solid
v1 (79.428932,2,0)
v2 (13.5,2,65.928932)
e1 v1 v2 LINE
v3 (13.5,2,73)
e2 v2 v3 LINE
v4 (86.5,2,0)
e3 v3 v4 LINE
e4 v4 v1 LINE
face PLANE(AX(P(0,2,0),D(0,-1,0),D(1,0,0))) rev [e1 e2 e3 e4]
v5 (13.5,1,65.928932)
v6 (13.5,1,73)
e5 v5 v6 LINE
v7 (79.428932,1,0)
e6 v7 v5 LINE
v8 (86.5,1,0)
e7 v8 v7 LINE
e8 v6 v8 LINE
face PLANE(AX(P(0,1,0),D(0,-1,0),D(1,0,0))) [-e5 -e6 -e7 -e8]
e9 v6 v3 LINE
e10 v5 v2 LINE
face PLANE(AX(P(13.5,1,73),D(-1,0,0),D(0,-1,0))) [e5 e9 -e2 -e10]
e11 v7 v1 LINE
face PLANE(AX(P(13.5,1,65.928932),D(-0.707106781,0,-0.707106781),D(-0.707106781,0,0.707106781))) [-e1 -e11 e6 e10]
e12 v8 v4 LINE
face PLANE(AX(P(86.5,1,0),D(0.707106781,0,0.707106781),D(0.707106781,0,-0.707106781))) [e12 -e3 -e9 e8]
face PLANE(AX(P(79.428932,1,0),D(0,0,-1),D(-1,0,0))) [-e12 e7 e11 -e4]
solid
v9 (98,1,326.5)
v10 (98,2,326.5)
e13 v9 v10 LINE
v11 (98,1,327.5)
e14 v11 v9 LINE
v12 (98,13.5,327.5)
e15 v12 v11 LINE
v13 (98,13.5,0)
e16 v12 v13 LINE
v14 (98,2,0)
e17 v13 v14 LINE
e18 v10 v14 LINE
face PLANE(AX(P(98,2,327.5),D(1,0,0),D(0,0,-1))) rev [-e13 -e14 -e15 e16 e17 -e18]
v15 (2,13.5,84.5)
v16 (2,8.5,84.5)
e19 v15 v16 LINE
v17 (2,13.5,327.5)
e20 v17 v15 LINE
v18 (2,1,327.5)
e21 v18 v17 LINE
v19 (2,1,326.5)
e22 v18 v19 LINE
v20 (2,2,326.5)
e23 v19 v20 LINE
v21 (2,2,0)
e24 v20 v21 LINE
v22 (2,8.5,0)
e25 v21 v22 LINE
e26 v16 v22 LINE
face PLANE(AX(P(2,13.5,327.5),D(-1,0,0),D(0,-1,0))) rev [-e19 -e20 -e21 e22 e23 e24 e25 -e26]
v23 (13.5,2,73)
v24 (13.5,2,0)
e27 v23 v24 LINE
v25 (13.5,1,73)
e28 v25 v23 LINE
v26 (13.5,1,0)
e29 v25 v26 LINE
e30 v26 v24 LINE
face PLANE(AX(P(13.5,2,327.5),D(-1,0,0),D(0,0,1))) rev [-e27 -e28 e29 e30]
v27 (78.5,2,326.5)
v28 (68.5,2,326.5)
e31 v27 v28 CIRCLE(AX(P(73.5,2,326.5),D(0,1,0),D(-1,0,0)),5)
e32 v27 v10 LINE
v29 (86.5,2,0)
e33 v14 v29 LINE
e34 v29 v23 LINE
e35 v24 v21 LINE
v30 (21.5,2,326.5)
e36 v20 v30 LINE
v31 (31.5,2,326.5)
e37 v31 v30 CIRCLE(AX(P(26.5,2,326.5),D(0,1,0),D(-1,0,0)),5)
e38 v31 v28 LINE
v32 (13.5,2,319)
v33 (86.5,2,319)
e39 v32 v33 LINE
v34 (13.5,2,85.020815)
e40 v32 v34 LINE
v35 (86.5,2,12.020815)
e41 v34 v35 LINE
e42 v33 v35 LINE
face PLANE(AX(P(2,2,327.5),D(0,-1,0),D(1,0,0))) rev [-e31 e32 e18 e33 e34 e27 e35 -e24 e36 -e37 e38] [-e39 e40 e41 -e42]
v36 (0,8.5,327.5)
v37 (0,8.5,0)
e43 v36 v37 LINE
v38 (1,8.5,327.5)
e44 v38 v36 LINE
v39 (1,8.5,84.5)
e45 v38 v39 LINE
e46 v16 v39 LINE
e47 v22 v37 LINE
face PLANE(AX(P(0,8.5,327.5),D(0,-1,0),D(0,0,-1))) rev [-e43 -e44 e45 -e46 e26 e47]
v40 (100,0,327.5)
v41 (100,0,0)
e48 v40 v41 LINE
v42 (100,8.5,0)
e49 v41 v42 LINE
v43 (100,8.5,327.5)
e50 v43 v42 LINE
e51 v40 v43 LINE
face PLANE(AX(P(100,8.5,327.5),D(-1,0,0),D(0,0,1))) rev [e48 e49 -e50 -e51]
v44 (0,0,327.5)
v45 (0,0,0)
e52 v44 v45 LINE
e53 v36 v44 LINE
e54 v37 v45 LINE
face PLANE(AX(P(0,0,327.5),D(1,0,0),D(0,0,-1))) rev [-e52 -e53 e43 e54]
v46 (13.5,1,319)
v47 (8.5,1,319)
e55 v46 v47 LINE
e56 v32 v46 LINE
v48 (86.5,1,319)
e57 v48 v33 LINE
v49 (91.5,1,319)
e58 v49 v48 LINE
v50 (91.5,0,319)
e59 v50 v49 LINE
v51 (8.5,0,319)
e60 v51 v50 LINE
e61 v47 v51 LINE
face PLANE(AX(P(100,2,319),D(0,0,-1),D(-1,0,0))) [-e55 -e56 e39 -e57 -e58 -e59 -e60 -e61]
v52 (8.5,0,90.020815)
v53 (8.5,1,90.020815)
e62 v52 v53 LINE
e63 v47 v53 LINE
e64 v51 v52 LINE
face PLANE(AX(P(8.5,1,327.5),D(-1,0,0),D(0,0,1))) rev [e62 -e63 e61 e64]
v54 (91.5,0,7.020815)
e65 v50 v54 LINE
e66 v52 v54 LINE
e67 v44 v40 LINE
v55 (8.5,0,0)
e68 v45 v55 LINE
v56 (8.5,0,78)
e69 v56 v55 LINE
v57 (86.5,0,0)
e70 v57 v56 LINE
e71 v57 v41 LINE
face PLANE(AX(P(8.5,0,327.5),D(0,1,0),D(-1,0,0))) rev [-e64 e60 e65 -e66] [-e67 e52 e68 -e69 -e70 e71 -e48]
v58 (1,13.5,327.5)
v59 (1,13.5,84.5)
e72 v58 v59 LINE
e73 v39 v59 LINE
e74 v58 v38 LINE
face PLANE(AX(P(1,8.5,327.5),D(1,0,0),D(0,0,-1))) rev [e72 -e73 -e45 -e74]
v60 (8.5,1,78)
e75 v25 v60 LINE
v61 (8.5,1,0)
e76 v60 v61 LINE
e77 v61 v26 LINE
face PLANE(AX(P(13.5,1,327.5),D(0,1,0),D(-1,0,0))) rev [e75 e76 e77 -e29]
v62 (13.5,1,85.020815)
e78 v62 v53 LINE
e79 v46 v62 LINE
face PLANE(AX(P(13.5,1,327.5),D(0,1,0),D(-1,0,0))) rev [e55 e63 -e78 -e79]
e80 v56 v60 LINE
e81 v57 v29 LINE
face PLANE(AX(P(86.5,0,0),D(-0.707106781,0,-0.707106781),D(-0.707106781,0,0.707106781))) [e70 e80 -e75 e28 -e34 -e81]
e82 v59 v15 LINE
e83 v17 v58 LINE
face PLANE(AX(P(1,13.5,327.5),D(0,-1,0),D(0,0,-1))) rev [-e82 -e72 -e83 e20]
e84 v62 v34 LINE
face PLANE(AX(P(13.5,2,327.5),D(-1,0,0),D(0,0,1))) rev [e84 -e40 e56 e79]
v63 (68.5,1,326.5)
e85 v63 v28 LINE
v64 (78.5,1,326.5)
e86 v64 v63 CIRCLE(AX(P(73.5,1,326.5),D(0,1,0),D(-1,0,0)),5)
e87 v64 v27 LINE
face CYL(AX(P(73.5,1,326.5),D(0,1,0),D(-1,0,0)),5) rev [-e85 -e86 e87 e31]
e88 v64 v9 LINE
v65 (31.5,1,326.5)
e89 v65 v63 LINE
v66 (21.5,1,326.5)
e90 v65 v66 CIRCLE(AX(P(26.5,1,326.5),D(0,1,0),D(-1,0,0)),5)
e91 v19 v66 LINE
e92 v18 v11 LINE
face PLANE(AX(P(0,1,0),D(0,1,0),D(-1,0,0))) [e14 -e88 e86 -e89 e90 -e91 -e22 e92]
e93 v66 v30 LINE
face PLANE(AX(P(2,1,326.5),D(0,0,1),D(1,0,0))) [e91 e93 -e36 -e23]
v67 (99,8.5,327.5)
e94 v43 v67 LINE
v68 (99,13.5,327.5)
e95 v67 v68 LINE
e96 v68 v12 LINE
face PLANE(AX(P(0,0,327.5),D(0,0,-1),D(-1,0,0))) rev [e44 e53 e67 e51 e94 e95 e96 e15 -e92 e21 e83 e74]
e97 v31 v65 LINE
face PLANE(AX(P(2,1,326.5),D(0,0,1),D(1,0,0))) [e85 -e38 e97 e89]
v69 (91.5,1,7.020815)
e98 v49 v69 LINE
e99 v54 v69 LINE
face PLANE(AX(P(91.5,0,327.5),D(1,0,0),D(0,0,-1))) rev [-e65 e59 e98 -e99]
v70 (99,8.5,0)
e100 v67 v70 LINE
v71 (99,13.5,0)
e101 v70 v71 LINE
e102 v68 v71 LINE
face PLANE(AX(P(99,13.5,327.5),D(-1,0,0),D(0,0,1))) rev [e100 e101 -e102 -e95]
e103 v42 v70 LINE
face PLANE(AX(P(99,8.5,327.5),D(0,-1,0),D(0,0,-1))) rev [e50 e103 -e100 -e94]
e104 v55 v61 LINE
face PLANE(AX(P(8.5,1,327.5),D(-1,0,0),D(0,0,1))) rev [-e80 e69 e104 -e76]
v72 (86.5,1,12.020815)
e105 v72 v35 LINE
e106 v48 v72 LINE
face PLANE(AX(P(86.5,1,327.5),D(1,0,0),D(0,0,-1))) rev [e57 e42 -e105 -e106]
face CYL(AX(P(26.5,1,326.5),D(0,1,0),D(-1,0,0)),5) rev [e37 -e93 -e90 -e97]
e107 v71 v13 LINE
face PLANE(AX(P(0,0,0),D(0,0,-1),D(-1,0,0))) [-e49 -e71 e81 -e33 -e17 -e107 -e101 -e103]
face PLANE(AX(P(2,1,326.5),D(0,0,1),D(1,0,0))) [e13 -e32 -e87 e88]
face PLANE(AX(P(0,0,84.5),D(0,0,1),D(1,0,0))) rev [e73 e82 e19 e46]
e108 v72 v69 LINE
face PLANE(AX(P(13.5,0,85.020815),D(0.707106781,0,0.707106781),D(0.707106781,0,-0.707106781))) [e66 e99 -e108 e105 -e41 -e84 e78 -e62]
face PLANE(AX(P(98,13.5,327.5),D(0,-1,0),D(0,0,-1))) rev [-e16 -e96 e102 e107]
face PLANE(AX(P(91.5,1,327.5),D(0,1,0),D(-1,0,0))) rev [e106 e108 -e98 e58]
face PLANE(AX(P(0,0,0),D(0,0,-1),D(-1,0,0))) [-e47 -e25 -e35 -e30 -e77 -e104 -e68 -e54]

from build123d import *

# Parameters (mm, degrees)
BOSS_EXTRUDE1_DEPTH   = 327.5
BOSS_EXTRUDE1_2_DEPTH = 327.5
BOSS_EXTRUDE2_DEPTH   = 2
BOSS_EXTRUDE4_DEPTH   = 1
SKETCH4_W             = 100
SKETCH4_H             = 8.5
BOSS_EXTRUDE5_DEPTH   = 2
BOSS_EXTRUDE6_DEPTH   = 1
SKETCH6_R             = 5
SKETCH6_W             = 96
SKETCH6_H             = 1
CUT_EXTRUDE1_DEPTH    = 1
SKETCH7_W             = 1
SKETCH7_H             = 5
CUT_EXTRUDE2_DEPTH    = 84.5


with BuildPart() as part:
    # Sketch1 → Boss-Extrude1 (new body)
    with BuildSketch(Plane.XY):
        Polygon((0, 0), (0, 8.5), (1, 8.5), (1, 13.5), (2, 13.5), (2, 2), (13.5, 2), (13.5, 1), (8.5, 1), (8.5, 0), align=None)
    extrude(amount=BOSS_EXTRUDE1_DEPTH)



with BuildPart() as body_2:
    # Sketch1 → Boss-Extrude1 2 (new body)
    with BuildSketch(Plane.XY):
        Polygon((100, 0), (91.5, 0), (91.5, 1), (86.5, 1), (86.5, 2), (98, 2), (98, 13.5), (99, 13.5), (99, 8.5), (100, 8.5), align=None)
    extrude(amount=BOSS_EXTRUDE1_2_DEPTH)


with BuildPart() as part_1:
    add(part.part)

    add(body_2.part)  # Boss-Extrude2 merges body 2
    # Sketch2 → Boss-Extrude2 (add)
    with BuildSketch(Plane(origin=(0, 2, 0), x_dir=(1, 0, 0), z_dir=(0, 1, 0))):
        Polygon((86.5, 0), (13.5, -73), (13.5, -85.02081528), (86.5, -12.02081528), align=None)
    extrude(amount=-BOSS_EXTRUDE2_DEPTH)

    # Sketch3 → Boss-Extrude4 (add)
    with BuildSketch(Plane.XZ.offset(-1)):
        Polygon((13.5, 73), (13.5, 85.02081528), (8.5, 90.02081528), (8.5, 78), align=None)
        Polygon((86.5, 0), (86.5, 12.02081528), (91.5, 7.02081528), (91.5, 0), align=None)
    extrude(amount=BOSS_EXTRUDE4_DEPTH)

    # Sketch4 → Boss-Extrude5 (add)
    with BuildSketch(Plane.XZ):
        with Locations((50, 323.25)):
            Rectangle(SKETCH4_W, SKETCH4_H)
    extrude(amount=-BOSS_EXTRUDE5_DEPTH)

    # Sketch6 → Cut-Extrude1 (cut)
    with BuildSketch(Plane(origin=(0, 2, 0), x_dir=(1, 0, 0), z_dir=(0, 1, 0))):
        with Locations((26.5, -326.5)):
            Circle(SKETCH6_R)
        with Locations((73.5, -326.5)):
            Circle(SKETCH6_R)
        with Locations((50, -327)):
            Rectangle(SKETCH6_W, SKETCH6_H)
    extrude(amount=-CUT_EXTRUDE1_DEPTH, mode=Mode.SUBTRACT)

    # Sketch7 → Cut-Extrude2 (cut)
    with BuildSketch(Plane(origin=(0, 0, 0), x_dir=(-1, 0, 0), z_dir=(0, 0, -1))):
        with Locations((-1.5, 11)):
            Rectangle(SKETCH7_W, SKETCH7_H)
    extrude(amount=-CUT_EXTRUDE2_DEPTH, mode=Mode.SUBTRACT)


with BuildPart() as body_2_2:
    # Sketch5 → Boss-Extrude6 (new body)
    with BuildSketch(Plane(origin=(0, 2, 0), x_dir=(1, 0, 0), z_dir=(0, 1, 0))):
        Polygon((13.5, -65.928932188), (79.428932188, 0), (86.5, 0), (13.5, -73), align=None)
    extrude(amount=-BOSS_EXTRUDE6_DEPTH)


solid = Compound([part_1.part, body_2_2.part])
